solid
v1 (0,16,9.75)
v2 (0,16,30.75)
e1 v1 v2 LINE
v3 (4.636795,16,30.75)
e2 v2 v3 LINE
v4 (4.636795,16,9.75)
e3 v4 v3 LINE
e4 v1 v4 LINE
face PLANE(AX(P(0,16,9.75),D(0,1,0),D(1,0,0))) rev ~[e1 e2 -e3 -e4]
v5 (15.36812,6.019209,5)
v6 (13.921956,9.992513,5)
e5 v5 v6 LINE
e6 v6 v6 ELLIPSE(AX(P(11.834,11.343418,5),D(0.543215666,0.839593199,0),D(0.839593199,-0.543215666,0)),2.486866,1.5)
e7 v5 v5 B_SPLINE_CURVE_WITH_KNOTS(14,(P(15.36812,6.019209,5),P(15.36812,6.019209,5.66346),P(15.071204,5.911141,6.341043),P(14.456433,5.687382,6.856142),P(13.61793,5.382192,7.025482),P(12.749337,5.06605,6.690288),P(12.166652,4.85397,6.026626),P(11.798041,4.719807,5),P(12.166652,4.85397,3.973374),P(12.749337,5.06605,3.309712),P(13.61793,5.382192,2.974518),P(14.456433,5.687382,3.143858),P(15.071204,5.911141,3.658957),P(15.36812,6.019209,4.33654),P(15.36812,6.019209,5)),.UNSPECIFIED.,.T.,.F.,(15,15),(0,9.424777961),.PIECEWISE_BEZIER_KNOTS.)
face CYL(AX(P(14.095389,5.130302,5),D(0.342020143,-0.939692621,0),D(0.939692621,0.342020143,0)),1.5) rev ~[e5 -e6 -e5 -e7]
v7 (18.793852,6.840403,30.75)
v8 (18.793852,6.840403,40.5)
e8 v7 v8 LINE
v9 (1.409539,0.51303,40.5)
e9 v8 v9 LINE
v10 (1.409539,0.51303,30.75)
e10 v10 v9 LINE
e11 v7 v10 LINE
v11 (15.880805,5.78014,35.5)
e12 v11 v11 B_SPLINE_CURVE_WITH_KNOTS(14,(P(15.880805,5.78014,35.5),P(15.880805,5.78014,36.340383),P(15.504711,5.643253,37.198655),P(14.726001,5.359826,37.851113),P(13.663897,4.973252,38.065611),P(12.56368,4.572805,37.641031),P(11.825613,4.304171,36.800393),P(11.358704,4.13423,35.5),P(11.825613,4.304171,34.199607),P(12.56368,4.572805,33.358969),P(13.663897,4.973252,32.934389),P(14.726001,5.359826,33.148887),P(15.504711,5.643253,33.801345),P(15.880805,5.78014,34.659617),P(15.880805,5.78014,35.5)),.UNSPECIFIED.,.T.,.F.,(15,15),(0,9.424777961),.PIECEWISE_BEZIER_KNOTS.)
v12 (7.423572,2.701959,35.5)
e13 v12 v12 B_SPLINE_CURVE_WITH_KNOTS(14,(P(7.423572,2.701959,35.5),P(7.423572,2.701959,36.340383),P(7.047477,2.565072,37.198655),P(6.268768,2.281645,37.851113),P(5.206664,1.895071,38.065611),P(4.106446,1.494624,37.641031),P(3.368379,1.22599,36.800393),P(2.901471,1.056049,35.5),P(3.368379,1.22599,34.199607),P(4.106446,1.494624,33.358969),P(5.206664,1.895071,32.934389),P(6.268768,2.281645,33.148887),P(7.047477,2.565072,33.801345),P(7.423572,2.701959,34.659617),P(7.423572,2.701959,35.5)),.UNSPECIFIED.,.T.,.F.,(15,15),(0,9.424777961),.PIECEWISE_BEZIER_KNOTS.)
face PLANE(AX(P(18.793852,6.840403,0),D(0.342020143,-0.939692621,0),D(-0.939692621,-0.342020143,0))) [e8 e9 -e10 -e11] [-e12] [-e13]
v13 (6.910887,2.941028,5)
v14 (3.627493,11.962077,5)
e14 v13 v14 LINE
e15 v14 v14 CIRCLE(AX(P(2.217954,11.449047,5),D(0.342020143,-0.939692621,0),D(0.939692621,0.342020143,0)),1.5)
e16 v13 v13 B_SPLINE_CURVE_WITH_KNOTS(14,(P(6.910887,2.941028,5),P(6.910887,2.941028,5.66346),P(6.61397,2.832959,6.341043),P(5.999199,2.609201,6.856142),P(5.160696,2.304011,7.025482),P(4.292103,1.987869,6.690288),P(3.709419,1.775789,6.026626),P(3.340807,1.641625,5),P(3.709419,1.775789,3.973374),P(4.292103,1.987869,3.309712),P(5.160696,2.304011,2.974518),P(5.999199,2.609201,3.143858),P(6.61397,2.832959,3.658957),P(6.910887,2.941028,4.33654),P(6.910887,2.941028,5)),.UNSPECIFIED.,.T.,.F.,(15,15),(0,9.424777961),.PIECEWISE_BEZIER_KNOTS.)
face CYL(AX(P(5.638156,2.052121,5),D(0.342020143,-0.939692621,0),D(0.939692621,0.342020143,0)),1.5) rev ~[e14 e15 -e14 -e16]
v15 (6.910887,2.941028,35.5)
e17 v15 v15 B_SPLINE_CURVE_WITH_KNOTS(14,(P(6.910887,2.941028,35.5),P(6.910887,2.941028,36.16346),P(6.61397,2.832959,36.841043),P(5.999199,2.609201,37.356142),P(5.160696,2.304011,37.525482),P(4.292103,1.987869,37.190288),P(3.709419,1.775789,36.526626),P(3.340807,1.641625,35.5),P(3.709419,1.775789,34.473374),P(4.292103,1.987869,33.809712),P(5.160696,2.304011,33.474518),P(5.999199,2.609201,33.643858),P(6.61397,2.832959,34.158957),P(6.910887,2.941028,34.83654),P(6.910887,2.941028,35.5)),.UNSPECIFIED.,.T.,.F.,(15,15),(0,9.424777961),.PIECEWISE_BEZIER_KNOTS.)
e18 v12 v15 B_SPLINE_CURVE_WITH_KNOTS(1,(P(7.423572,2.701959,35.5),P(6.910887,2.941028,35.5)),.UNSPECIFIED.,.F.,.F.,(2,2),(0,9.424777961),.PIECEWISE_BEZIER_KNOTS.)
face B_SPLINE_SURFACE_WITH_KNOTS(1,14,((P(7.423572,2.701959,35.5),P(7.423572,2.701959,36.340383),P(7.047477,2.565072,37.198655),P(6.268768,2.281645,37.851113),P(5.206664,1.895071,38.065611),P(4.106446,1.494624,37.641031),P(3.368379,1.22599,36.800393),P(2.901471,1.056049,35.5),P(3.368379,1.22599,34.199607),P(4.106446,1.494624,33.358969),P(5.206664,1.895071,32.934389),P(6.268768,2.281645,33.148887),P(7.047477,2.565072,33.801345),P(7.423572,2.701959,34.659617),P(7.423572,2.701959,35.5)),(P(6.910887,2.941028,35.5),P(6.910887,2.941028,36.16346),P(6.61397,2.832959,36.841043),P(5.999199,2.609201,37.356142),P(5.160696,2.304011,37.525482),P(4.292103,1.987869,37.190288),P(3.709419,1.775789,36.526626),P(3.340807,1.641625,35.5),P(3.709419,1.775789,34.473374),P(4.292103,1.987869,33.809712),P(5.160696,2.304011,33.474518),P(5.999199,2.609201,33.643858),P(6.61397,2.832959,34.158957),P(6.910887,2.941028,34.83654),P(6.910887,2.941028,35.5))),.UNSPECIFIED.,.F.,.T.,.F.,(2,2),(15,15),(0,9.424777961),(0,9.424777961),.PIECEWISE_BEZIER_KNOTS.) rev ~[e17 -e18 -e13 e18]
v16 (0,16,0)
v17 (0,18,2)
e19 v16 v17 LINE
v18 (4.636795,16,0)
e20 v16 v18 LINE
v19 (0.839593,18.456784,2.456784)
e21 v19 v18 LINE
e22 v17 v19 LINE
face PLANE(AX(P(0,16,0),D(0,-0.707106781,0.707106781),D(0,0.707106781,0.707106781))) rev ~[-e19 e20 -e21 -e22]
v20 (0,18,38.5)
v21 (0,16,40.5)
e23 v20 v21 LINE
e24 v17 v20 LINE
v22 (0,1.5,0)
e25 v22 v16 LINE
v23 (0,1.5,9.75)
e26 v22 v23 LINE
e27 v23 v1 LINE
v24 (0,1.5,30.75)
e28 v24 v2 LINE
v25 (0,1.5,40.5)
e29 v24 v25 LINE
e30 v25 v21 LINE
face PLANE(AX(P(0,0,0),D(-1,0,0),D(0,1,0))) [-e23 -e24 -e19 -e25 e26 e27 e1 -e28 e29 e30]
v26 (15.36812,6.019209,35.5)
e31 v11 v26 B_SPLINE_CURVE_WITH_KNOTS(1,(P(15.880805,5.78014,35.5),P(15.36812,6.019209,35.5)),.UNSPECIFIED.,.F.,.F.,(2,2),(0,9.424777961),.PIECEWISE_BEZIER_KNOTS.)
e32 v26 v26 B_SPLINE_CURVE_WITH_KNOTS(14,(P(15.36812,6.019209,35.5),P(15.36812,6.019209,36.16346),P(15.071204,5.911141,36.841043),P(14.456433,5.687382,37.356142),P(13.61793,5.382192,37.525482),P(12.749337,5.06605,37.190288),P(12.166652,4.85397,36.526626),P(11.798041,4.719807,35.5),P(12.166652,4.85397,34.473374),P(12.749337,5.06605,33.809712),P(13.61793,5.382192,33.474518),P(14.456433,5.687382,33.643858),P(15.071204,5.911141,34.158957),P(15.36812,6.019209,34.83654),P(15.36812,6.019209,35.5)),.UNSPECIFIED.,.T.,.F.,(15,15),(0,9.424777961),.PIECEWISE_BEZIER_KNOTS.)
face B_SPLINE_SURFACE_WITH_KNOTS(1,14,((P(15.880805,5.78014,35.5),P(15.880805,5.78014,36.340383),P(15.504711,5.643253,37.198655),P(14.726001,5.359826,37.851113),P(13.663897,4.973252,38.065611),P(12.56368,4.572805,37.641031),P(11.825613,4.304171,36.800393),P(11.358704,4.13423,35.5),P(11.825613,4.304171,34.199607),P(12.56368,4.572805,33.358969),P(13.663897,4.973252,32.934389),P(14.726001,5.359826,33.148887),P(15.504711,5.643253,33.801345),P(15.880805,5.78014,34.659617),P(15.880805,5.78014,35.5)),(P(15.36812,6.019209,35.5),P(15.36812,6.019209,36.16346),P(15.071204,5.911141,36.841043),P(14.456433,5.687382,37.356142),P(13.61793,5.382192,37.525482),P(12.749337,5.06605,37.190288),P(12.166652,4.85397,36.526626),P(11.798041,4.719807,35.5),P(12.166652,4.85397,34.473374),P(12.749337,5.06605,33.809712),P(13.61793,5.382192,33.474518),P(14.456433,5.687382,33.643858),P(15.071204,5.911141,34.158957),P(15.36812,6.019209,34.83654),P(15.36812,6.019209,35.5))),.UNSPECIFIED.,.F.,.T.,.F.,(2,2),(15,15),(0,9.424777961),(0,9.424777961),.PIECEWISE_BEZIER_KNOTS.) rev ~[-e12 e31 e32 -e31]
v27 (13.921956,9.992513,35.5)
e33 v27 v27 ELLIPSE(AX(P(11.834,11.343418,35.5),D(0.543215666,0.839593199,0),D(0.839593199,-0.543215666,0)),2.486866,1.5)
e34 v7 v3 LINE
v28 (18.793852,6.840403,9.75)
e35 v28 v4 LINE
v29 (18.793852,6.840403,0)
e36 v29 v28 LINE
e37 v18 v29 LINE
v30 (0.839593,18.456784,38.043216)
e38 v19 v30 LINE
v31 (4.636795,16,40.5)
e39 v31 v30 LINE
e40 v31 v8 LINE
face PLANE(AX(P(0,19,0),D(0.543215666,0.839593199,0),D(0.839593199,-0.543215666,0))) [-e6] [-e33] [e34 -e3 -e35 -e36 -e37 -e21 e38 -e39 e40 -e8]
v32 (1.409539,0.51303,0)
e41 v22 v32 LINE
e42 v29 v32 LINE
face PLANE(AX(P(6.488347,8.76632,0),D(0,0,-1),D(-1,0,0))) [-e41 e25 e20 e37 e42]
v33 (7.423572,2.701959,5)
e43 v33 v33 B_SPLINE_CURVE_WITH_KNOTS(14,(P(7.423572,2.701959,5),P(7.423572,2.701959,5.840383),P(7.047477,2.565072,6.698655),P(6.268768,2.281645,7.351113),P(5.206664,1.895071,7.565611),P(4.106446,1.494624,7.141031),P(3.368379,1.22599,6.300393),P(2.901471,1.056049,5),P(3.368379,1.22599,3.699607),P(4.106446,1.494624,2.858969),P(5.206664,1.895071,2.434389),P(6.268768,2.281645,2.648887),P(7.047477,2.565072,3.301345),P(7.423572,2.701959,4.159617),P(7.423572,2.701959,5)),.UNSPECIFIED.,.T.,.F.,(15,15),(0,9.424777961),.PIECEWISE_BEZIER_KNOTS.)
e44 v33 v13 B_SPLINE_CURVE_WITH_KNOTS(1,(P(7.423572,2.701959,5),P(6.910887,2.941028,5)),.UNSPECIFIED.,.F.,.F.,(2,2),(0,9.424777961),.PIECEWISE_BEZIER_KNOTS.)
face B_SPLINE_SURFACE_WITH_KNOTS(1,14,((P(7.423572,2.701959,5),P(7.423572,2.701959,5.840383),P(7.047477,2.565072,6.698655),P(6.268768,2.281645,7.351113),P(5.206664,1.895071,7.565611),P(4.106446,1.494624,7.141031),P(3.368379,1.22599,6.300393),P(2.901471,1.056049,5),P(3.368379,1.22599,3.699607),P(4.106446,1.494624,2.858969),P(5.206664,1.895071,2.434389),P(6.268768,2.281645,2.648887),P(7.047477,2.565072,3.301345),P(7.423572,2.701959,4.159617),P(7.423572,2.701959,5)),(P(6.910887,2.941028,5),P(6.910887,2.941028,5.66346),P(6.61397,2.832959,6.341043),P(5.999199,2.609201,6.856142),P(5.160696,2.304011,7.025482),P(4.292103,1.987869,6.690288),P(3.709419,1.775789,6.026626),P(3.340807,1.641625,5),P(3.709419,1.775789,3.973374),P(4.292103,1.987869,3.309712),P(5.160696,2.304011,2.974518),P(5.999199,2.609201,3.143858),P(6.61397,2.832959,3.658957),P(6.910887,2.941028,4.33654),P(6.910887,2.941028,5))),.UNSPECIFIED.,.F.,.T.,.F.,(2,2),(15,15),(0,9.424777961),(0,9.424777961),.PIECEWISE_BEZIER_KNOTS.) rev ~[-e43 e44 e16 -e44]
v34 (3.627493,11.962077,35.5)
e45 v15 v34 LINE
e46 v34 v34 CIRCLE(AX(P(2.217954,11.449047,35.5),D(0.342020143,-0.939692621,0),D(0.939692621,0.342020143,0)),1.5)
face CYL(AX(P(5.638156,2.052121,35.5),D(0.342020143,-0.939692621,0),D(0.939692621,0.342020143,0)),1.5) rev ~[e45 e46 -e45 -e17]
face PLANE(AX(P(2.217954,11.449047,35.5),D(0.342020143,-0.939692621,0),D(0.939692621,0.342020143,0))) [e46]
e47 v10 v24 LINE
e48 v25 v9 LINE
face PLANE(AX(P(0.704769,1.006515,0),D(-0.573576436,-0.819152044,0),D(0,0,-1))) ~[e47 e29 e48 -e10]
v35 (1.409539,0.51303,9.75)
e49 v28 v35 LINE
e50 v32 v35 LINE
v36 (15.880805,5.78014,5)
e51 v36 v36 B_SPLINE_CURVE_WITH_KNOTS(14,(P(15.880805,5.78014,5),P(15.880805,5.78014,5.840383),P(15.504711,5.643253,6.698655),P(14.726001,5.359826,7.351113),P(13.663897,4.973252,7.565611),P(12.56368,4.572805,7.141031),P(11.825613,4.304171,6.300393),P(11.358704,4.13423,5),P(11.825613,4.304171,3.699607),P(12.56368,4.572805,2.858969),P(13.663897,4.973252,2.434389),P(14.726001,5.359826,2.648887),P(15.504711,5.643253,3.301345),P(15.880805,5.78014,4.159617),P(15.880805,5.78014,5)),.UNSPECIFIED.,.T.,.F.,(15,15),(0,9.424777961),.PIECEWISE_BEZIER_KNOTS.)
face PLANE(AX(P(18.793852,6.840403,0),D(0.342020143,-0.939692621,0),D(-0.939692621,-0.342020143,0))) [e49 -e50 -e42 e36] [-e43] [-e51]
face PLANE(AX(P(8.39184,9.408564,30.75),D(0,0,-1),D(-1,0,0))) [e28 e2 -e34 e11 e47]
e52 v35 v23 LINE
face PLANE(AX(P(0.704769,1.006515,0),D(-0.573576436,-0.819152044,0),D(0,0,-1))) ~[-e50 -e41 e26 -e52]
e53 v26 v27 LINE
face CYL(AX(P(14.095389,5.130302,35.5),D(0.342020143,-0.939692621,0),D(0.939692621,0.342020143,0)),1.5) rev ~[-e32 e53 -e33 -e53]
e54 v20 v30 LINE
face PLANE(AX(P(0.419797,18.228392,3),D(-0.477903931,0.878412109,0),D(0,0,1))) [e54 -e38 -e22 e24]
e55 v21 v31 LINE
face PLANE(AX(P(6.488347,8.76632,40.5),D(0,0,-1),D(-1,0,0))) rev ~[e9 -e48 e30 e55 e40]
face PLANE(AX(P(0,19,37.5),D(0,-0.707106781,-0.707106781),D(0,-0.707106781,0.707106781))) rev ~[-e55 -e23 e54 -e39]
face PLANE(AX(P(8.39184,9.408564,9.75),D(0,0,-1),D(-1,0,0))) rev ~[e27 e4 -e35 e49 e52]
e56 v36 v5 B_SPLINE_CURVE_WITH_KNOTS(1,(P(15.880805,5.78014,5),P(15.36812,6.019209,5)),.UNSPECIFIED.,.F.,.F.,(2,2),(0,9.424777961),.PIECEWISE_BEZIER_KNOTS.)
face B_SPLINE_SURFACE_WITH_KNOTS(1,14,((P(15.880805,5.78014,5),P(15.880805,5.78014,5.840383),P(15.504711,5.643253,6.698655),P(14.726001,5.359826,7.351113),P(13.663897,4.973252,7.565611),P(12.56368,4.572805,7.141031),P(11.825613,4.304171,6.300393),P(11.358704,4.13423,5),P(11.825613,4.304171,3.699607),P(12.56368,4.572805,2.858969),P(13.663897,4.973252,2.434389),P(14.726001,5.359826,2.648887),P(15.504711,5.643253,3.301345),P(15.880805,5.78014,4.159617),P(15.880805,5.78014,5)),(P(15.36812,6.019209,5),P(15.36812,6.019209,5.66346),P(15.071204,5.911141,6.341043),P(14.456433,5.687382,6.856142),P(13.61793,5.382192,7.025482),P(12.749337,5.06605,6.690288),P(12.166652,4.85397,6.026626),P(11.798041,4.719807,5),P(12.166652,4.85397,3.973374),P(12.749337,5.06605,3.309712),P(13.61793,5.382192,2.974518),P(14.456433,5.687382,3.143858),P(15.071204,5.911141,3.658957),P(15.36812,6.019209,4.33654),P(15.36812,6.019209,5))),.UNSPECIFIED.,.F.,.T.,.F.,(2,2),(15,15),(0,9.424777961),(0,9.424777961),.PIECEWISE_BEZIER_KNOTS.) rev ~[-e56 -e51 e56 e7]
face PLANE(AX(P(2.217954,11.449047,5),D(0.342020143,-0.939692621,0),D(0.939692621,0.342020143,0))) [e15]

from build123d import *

# Parameters (mm, degrees)
PAD013_DEPTH    = 40.5
CHAMFER012_SIZE = 1.5
POCKET017_DEPTH = 21
SKETCH031_R     = 1.5
POCKET018_DEPTH = 10
POCKET019_DEPTH = 18.7948524157
CHAMFER013_SIZE = 1
CHAMFER014_SIZE = 0.4


with BuildPart() as part:
    # Sketch029 → Pad013 (new body)
    with BuildSketch(Plane.XY):
        Polygon((0, 0), (0, 19), (18.7938524157, 6.8404028665), align=None)
    extrude(amount=PAD013_DEPTH)

    # Chamfer012
    chamfer012_edges = [part.edges().sort_by_distance(p)[0] for p in [
        (0, 0, 20.25),
    ]]
    chamfer(chamfer012_edges, length=CHAMFER012_SIZE)

    # Sketch030 (on DatumPlane) → Pocket017 (cut)
    with BuildSketch(Plane.XY.offset(9.75)):
        Polygon((0, 0), (0, 16), (18.7938524157, 16), (18.7938524157, 6.8404028665), align=None)
    extrude(amount=POCKET017_DEPTH, mode=Mode.SUBTRACT)

    # Sketch031 (on Face11 of Pocket017) → Pocket018 (cut)
    with BuildSketch(Plane(origin=(0, 0, 0), x_dir=(0.9396926208, 0.3420201433, 0), z_dir=(0.3420201433, -0.9396926208, 0))):
        with Locations((6, 5)):
            Circle(SKETCH031_R)
        with Locations((6, 35.5)):
            Circle(SKETCH031_R)
        with Locations((15, 35.5)):
            Circle(SKETCH031_R)
        with Locations((15, 5)):
            Circle(SKETCH031_R)
    extrude(amount=-POCKET018_DEPTH, mode=Mode.SUBTRACT)

    # Sketch032 (on Face1 of Pocket018) → Pocket019 (cut, through all)
    with BuildSketch(Plane(origin=(0, 0, 0), x_dir=(0, -1, 0), z_dir=(-1, 0, 0))):
        Polygon((-19, 3), (-19, 0), (-16, 0), align=None)
        Polygon((-16, 40.5), (-19, 40.5), (-19, 37.5), align=None)
    extrude(amount=-POCKET019_DEPTH, mode=Mode.SUBTRACT)

    # Chamfer013
    chamfer013_edges = [part.edges().sort_by_distance(p)[0] for p in [
        (0, 19, 20.25),
    ]]
    chamfer(chamfer013_edges, length=CHAMFER013_SIZE)

    # Chamfer014
    chamfer014_edges = [part.edges().sort_by_distance(p)[0] for p in [
        (4.228617, 1.539091, 5),
        (12.68585, 4.617272, 5),
        (4.228617, 1.539091, 35.5),
        (12.68585, 4.617272, 35.5),
    ]]
    chamfer(chamfer014_edges, length=CHAMFER014_SIZE)


solid = part.part
